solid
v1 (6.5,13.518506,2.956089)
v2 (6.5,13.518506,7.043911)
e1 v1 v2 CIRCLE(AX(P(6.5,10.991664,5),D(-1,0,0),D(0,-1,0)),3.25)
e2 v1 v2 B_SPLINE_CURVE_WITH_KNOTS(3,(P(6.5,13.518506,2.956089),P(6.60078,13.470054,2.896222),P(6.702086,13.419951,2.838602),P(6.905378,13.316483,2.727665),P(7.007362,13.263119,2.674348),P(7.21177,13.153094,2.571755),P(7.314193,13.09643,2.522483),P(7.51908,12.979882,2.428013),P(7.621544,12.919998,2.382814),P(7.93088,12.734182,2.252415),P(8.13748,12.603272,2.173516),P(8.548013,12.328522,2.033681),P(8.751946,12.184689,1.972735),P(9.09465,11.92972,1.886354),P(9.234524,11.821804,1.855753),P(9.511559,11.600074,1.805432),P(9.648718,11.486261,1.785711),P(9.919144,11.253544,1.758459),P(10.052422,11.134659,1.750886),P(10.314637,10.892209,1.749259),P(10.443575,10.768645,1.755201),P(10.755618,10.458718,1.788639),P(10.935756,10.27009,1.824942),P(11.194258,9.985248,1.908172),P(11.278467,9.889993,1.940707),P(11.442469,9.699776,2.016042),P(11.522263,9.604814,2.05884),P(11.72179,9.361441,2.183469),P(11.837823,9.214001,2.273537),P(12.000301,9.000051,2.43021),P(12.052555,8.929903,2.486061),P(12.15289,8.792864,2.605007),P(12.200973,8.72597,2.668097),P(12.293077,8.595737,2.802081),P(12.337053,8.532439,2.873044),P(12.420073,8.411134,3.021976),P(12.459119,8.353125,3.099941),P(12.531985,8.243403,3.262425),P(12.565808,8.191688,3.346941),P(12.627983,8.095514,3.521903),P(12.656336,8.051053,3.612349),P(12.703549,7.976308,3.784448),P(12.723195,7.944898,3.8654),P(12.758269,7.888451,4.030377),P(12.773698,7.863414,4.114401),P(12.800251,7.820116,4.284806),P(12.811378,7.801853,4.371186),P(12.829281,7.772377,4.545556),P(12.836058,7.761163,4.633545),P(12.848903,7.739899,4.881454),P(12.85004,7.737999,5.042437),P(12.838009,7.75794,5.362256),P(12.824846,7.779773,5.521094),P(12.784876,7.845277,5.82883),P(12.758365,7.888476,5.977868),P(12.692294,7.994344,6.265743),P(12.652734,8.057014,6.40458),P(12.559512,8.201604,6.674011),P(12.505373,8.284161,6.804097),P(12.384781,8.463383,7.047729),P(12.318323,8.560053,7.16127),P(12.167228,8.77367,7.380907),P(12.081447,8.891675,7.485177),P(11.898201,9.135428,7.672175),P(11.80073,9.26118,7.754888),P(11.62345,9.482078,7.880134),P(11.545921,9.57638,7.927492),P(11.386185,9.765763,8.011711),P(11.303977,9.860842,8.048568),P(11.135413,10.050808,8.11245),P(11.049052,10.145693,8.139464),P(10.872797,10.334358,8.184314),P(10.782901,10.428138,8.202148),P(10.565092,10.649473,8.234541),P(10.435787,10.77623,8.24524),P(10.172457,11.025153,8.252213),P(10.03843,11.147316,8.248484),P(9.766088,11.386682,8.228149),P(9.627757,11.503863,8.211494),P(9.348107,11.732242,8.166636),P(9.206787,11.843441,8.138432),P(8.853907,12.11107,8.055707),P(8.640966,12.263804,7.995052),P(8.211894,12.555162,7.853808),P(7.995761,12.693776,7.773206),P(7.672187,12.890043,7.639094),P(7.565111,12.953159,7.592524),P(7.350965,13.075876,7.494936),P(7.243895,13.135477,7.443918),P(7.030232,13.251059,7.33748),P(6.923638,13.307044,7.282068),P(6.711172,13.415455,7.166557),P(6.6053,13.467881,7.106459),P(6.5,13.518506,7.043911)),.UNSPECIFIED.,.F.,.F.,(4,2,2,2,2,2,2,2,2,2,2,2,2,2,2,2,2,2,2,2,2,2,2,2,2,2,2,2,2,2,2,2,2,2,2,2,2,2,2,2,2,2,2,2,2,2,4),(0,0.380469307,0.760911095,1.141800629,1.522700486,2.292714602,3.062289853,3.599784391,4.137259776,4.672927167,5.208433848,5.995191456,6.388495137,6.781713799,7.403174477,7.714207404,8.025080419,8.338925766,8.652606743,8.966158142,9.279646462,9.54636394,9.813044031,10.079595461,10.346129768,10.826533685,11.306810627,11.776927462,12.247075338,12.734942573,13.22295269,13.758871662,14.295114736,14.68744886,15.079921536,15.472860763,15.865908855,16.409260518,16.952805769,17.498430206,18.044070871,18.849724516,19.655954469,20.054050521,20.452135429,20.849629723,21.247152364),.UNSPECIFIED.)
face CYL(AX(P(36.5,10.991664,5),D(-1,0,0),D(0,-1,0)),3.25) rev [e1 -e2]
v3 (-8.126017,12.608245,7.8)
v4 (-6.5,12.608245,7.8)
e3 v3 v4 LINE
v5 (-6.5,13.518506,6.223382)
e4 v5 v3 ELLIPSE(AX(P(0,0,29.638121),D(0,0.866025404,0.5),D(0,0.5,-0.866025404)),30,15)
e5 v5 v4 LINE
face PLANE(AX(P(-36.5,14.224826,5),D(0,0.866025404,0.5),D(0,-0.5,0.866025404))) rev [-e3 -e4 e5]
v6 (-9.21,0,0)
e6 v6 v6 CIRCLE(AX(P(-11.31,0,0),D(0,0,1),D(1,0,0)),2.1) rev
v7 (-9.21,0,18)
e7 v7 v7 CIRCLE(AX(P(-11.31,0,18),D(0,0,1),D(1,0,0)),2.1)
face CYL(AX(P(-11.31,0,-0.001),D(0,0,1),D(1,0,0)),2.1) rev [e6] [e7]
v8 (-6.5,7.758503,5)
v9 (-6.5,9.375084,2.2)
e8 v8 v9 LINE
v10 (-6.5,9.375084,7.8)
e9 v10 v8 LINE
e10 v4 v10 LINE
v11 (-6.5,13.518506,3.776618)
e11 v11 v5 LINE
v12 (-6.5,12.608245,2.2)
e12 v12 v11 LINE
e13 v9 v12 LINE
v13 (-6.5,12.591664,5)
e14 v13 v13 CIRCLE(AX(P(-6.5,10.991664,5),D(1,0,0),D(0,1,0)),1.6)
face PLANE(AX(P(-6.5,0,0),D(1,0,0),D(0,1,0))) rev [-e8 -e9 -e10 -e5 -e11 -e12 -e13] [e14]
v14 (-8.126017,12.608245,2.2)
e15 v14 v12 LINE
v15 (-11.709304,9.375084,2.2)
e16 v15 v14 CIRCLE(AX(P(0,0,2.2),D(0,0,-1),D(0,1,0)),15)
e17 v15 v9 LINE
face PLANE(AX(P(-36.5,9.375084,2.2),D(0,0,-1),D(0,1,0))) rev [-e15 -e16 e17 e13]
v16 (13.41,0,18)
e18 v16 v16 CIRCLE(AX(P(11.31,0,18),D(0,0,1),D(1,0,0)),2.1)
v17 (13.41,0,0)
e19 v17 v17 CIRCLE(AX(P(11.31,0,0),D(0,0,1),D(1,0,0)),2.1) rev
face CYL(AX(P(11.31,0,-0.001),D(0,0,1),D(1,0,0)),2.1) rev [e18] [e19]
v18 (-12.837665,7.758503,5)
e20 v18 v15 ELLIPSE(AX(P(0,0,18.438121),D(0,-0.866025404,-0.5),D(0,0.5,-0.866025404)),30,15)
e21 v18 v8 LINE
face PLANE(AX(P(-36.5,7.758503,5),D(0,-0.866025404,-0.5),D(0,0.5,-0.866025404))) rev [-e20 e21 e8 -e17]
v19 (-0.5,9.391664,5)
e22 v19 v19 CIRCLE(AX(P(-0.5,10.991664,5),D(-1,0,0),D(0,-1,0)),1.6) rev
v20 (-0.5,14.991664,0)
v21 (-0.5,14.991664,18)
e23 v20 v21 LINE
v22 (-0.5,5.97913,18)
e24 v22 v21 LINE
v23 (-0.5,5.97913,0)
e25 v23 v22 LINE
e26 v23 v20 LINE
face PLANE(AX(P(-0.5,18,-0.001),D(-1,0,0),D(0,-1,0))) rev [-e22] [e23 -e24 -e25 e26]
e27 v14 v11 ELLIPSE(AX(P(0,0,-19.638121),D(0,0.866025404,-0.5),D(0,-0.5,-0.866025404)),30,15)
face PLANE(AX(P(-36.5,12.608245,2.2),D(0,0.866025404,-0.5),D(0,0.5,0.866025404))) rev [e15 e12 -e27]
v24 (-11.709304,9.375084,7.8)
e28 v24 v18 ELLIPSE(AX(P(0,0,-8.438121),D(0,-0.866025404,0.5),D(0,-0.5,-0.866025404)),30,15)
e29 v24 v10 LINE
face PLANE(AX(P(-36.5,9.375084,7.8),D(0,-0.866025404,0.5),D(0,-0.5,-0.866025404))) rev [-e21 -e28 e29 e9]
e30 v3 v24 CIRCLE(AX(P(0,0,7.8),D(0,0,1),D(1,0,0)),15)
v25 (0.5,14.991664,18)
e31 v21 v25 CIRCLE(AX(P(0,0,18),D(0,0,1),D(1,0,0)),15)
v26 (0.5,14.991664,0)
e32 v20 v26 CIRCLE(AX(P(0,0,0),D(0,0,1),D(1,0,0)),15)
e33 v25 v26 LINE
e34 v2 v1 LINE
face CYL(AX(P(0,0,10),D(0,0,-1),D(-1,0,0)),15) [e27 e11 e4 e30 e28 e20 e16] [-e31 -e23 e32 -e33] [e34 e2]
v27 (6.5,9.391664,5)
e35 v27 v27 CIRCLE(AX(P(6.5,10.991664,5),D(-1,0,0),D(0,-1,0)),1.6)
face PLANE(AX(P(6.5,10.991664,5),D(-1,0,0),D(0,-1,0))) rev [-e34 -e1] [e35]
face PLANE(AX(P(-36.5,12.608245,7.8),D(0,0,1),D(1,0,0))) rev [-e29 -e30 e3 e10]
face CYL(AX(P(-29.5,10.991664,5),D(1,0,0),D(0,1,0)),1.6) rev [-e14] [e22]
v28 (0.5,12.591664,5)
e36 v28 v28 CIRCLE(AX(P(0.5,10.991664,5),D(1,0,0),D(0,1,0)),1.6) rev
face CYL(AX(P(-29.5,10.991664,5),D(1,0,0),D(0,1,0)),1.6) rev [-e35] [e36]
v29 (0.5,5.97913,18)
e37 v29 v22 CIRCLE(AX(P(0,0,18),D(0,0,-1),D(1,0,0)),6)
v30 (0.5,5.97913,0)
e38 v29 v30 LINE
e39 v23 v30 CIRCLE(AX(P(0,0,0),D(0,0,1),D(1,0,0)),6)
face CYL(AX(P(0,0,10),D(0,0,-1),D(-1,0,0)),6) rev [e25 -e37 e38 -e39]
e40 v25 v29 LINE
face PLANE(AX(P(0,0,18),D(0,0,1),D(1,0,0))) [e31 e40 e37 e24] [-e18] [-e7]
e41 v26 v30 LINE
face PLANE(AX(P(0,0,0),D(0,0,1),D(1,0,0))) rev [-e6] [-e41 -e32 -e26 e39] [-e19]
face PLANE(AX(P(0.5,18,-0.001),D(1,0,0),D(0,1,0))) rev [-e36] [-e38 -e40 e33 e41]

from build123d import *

# Parameters (mm, degrees)
SKETCH1_R               = 15
SKETCH1_R_2             = 6
BOSS_EXTRUDE1_DEPTH     = 10
CUT_EXTRUDE1_REACH      = 25.452
SKETCH2_W               = 1
SKETCH2_H               = 15
CUT_EXTRUDE2_DEPTH      = 30
CUT_EXTRUDE2_DEPTH_BACK = 30
SKETCH3_R               = 1.6
CUT_EXTRUDE3_START      = -6
SKETCH4_R               = 3.25
CUT_EXTRUDE3_DEPTH      = 30
CUT_EXTRUDE4_START      = -6
CUT_EXTRUDE4_DEPTH      = 30
CUT_EXTRUDE6_REACH      = 25.452
SKETCH10_R              = 2.1
SKETCH11_R              = 2.1
BOSS_EXTRUDE3_DEPTH     = 8


with BuildPart() as part:
    # Sketch1 → Boss-Extrude1 (new body)
    with BuildSketch(Plane.XY):
        Circle(SKETCH1_R)
        Circle(SKETCH1_R_2, mode=Mode.SUBTRACT)
    extrude(amount=BOSS_EXTRUDE1_DEPTH)

    # Sketch2 → Cut-Extrude1 (cut, up to next)
    with BuildSketch(Plane.XY.offset(10), mode=Mode.PRIVATE) as cut_extrude1_sk1:
        with Locations((0, 10.5)):
            Rectangle(SKETCH2_W, SKETCH2_H)
    cut_extrude1_tool1 = extrude(cut_extrude1_sk1.sketch, amount=-CUT_EXTRUDE1_REACH, mode=Mode.PRIVATE) & part.part
    add(cut_extrude1_tool1.solids().sort_by_distance((0, 10.5, 10))[0], mode=Mode.SUBTRACT)

    # Sketch3 → Cut-Extrude2 (cut, two sides: drawn at the far end of the back side and taken through both)
    with BuildSketch(Plane.ZY.offset(-0.5).offset(-CUT_EXTRUDE2_DEPTH_BACK)):
        with Locations((5, 10.991664351)):
            Circle(SKETCH3_R)
    extrude(amount=CUT_EXTRUDE2_DEPTH + CUT_EXTRUDE2_DEPTH_BACK, mode=Mode.SUBTRACT)

    # Sketch4 → Cut-Extrude3 (cut)
    with BuildSketch(Plane.ZY.offset(-0.5).offset(CUT_EXTRUDE3_START)):
        with Locations((5, 10.991664351)):
            Circle(SKETCH4_R)
    extrude(amount=-CUT_EXTRUDE3_DEPTH, mode=Mode.SUBTRACT)

    # Sketch5 → Cut-Extrude4 (cut)
    with BuildSketch(Plane(origin=(-0.5, 0, 0), x_dir=(0, 0, -1), z_dir=(1, 0, 0)).offset(CUT_EXTRUDE4_START)):
        Polygon((-2.2, 9.375083597), (-2.2, 12.608245104), (-5, 14.224825858), (-7.8, 12.608245104), (-7.8, 9.375083597), (-5, 7.758502843), align=None)
    extrude(amount=-CUT_EXTRUDE4_DEPTH, mode=Mode.SUBTRACT)

    # Sketch10 → Cut-Extrude6 (cut, up to next)
    with BuildSketch(Plane.XY.offset(10), mode=Mode.PRIVATE) as cut_extrude6_sk1:
        with Locations((11.31, 0)):
            Circle(SKETCH10_R)
    cut_extrude6_tool1 = extrude(cut_extrude6_sk1.sketch, amount=-CUT_EXTRUDE6_REACH, mode=Mode.PRIVATE) & part.part
    # Sketch10 → Cut-Extrude6 (cut, up to next)
    with BuildSketch(Plane.XY.offset(10), mode=Mode.PRIVATE) as cut_extrude6_sk2:
        with Locations((-11.31, 0)):
            Circle(SKETCH10_R)
    cut_extrude6_tool2 = extrude(cut_extrude6_sk2.sketch, amount=-CUT_EXTRUDE6_REACH, mode=Mode.PRIVATE) & part.part
    add(cut_extrude6_tool1.solids().sort_by_distance((11.31, 0, 10))[0], mode=Mode.SUBTRACT)
    add(cut_extrude6_tool2.solids().sort_by_distance((-11.31, 0, 10))[0], mode=Mode.SUBTRACT)

    # Sketch11 → Boss-Extrude3 (add)
    with BuildSketch(Plane.XY.offset(10)):
        with BuildLine():
            Line((0.5, 14.991664351), (0.5, 5.979130372))
            ThreePointArc((0.5, 5.979130372), (0, -6), (-0.5, 5.979130372))
            Line((-0.5, 5.979130372), (-0.5, 14.991664351))
            ThreePointArc((-0.5, 14.991664351), (0, -15), (0.5, 14.991664351))
        make_face()
        with Locations((11.31, 0)):
            Circle(SKETCH11_R, mode=Mode.SUBTRACT)
        with Locations((-11.31, 0)):
            Circle(SKETCH11_R, mode=Mode.SUBTRACT)
    extrude(amount=BOSS_EXTRUDE3_DEPTH)


solid = part.part
